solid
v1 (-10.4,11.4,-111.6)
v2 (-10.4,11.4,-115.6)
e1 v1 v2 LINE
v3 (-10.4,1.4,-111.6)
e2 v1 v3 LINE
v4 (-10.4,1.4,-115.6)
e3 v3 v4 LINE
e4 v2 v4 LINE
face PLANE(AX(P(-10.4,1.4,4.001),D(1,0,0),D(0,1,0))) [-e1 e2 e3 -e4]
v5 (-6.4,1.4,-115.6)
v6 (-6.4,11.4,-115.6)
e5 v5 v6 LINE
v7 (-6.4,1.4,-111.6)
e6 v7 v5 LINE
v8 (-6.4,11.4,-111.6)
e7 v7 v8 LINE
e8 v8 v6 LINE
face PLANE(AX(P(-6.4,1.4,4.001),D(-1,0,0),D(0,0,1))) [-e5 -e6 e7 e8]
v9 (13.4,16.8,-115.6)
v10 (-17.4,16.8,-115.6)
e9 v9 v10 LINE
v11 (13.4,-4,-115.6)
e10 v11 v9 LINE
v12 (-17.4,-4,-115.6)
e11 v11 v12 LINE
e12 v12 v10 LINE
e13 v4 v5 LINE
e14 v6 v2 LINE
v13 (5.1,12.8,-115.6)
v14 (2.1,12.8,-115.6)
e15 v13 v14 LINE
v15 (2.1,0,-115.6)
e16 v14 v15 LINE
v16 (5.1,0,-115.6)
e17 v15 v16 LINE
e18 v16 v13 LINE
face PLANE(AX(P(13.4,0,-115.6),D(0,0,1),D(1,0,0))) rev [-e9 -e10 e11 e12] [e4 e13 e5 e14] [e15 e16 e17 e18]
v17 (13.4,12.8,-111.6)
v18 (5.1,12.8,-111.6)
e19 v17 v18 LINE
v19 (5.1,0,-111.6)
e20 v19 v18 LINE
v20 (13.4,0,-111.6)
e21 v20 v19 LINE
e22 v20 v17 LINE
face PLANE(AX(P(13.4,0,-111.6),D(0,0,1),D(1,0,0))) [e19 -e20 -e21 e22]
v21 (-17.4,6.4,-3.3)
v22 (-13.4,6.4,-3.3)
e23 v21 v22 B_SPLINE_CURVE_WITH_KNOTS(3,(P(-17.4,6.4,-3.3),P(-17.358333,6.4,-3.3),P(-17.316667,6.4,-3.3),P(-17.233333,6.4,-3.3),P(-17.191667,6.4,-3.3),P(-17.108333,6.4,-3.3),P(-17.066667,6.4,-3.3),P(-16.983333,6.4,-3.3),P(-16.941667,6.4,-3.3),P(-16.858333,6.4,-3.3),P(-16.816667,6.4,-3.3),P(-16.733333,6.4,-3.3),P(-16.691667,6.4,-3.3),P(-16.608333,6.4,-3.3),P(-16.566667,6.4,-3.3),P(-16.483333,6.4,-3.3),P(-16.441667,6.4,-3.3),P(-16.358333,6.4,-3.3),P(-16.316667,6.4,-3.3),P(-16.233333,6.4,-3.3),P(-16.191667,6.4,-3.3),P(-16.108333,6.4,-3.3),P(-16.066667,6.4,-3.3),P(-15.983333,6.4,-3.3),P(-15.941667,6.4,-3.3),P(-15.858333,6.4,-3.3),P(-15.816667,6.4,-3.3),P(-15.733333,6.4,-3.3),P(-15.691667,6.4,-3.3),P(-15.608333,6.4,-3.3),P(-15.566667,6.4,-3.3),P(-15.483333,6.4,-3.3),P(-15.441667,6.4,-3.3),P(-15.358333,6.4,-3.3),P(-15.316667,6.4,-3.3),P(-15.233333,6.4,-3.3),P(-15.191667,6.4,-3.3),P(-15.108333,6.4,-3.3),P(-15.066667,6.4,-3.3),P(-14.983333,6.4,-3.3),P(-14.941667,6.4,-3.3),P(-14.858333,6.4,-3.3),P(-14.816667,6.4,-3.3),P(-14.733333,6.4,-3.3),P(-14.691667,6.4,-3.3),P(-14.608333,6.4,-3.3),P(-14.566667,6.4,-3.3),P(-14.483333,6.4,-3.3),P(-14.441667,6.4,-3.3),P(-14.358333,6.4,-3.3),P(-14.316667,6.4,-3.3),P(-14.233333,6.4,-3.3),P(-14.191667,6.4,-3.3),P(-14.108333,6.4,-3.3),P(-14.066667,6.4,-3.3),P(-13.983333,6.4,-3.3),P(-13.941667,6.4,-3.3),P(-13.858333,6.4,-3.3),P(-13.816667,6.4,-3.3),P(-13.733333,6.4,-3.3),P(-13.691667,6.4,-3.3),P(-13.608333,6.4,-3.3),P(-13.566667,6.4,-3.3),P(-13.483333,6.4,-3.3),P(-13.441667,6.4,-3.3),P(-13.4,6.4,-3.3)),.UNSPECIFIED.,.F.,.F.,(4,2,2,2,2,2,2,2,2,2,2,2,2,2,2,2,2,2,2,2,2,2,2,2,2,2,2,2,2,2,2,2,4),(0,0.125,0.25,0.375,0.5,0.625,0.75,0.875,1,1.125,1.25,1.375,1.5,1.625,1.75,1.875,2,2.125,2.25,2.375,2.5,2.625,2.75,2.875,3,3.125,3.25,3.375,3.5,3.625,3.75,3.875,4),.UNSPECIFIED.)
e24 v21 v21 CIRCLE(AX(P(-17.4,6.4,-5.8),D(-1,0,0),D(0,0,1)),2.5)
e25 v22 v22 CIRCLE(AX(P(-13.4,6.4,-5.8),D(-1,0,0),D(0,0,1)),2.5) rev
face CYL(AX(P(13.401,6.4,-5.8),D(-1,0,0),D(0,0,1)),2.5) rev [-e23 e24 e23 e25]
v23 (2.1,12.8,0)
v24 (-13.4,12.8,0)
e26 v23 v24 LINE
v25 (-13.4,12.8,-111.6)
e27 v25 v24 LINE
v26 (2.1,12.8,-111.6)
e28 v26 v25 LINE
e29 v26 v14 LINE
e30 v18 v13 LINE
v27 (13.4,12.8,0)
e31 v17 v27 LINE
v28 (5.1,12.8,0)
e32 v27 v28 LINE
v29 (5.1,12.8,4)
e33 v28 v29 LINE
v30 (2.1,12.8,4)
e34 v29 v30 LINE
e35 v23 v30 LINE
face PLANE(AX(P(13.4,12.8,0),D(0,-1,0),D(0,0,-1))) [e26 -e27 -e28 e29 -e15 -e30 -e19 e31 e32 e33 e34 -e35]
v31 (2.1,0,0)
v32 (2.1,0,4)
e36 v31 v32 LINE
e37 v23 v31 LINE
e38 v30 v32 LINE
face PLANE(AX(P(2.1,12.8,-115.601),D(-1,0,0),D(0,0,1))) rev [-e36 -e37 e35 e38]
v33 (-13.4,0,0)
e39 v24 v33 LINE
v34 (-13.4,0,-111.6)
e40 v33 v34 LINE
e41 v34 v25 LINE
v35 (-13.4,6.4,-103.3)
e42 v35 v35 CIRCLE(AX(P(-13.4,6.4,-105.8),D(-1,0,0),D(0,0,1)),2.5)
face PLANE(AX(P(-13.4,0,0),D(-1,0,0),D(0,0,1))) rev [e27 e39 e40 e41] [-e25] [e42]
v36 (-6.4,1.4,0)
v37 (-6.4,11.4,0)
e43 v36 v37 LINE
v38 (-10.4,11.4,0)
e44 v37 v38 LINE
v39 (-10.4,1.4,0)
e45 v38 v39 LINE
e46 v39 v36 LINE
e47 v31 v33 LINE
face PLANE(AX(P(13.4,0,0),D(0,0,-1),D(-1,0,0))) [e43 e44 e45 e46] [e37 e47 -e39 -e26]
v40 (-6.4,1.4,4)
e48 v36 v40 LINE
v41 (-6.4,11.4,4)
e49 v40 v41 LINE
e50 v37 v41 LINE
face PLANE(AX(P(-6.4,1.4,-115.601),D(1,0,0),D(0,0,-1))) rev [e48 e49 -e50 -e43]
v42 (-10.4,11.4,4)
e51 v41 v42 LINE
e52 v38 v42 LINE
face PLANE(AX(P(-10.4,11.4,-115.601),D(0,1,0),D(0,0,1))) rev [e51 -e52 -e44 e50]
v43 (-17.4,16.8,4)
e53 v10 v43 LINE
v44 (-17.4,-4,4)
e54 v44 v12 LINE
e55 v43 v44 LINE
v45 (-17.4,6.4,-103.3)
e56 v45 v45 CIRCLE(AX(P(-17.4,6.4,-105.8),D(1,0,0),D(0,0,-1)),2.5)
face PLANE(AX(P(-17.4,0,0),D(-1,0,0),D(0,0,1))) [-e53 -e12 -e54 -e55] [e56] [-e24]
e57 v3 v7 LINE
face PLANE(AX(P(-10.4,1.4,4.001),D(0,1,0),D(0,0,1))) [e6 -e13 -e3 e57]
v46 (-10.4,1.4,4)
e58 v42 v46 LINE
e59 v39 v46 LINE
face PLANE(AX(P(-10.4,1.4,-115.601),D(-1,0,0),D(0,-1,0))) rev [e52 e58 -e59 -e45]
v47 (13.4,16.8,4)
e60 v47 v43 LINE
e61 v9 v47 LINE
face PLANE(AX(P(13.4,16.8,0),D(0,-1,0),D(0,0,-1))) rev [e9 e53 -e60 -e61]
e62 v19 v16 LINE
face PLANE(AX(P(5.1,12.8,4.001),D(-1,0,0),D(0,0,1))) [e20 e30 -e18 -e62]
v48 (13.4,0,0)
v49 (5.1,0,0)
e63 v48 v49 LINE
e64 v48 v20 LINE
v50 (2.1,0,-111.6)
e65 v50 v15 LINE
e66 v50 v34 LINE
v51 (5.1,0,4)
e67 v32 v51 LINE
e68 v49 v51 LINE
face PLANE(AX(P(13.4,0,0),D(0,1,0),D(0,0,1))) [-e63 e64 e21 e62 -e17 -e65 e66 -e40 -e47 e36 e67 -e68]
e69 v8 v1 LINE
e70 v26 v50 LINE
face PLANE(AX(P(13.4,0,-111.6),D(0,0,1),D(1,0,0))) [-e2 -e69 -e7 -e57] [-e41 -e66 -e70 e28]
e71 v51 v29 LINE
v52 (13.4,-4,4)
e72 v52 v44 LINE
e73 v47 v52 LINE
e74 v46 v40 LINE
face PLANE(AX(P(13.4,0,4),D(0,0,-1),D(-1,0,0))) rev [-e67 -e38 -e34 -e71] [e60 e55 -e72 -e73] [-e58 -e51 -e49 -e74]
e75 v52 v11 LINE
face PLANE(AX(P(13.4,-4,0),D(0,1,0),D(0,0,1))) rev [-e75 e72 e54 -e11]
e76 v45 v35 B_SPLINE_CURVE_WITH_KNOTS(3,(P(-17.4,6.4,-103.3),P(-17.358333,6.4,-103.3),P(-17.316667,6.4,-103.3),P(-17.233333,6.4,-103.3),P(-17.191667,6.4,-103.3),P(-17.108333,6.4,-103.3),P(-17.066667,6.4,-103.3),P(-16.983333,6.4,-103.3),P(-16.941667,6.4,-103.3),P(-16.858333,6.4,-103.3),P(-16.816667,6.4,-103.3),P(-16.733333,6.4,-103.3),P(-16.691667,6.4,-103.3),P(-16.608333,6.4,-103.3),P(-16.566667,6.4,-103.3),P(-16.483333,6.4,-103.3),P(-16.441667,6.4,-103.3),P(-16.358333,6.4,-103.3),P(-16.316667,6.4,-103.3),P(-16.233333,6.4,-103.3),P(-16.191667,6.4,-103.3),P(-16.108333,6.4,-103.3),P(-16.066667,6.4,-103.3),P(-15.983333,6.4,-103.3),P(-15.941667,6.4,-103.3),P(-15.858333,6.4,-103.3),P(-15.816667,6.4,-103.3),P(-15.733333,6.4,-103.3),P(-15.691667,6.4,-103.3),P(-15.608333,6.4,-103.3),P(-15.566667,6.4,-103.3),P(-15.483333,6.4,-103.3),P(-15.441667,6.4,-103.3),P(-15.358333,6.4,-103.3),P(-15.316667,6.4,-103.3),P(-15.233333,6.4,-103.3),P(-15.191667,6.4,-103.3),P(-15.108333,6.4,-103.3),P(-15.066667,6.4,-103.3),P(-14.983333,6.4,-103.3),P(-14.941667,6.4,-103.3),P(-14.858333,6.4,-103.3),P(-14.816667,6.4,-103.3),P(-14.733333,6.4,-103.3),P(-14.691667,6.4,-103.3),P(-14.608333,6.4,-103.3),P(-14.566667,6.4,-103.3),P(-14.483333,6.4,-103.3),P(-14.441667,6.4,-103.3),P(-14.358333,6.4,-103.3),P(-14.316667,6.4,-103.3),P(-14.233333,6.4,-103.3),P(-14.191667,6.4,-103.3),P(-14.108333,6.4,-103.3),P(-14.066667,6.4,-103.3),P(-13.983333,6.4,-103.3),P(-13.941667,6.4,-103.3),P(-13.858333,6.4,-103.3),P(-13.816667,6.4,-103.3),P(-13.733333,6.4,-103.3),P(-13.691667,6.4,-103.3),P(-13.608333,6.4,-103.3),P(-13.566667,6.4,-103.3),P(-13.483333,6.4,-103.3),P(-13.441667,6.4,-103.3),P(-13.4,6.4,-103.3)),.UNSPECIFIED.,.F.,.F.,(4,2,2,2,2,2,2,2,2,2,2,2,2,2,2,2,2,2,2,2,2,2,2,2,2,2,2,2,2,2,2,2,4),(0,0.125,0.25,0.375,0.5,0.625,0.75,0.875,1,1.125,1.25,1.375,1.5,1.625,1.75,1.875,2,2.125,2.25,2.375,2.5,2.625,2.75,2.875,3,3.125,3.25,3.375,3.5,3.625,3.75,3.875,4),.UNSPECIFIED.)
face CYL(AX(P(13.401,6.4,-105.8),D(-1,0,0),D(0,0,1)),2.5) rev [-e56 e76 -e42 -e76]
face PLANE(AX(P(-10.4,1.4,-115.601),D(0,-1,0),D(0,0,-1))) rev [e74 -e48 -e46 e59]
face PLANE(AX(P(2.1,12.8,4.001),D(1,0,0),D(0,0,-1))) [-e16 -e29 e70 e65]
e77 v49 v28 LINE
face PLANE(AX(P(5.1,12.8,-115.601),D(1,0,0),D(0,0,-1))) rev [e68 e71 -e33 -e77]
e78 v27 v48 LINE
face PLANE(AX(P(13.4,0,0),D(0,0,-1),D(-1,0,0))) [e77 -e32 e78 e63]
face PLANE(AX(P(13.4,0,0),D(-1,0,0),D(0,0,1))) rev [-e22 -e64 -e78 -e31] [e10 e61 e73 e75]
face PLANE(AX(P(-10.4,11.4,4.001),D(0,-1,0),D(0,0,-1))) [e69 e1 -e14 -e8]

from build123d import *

# Parameters (mm, degrees)
SKETCH2_W               = 111.6
SKETCH2_H               = 12.8
ARM_DEPTH               = 13.4
SHELL_T                 = 4
PIVOT_PEG_HOLE_REACH    = 122.807
SKETCH3_R               = 2.5
CABLE_PASSTHROUGH_REACH = 124.021
SKETCH4_W               = 3
SKETCH4_H               = 12.8
SKETCH4_W_2             = 4
SKETCH4_H_2             = 10


with BuildPart() as part:
    # Sketch2 → arm (new, symmetric)
    with BuildSketch(Plane(origin=(0, 0, 0), x_dir=(0, 0, -1), z_dir=(1, 0, 0))):
        with Locations((55.8, 6.4)):
            Rectangle(SKETCH2_W, SKETCH2_H)
    extrude(amount=ARM_DEPTH, both=True)

    # shell
    shell_openings = [part.faces().sort_by_distance(p)[0] for p in [
        (13.4, 6.4, -55.8),
    ]]
    offset(amount=SHELL_T, openings=shell_openings, kind=Kind.INTERSECTION)

    # Sketch3 → pivot peg hole (cut, up to next)
    with BuildSketch(Plane.ZY.offset(17.4), mode=Mode.PRIVATE) as pivot_peg_hole_sk1:
        with Locations((-5.8, 6.4)):
            Circle(SKETCH3_R)
    pivot_peg_hole_tool1 = extrude(pivot_peg_hole_sk1.sketch, amount=-PIVOT_PEG_HOLE_REACH, mode=Mode.PRIVATE) & part.part
    pivot_peg_hole = pivot_peg_hole_tool1.solids().sort_by_distance((-17.4, 6.4, -5.8))[0]
    add(pivot_peg_hole, mode=Mode.SUBTRACT)

    # Sketch4 → cable passthrough (cut, up to next)
    with BuildSketch(Plane.XY.offset(4), mode=Mode.PRIVATE) as cable_passthrough_sk1:
        with Locations((3.6, 6.4)):
            Rectangle(SKETCH4_W, SKETCH4_H)
    cable_passthrough_tool1 = extrude(cable_passthrough_sk1.sketch, amount=-CABLE_PASSTHROUGH_REACH, mode=Mode.PRIVATE) & part.part
    # Sketch4 → cable passthrough (cut, up to next)
    with BuildSketch(Plane.XY.offset(4), mode=Mode.PRIVATE) as cable_passthrough_sk2:
        with Locations((-8.4, 6.4)):
            Rectangle(SKETCH4_W_2, SKETCH4_H_2)
    cable_passthrough_tool2 = extrude(cable_passthrough_sk2.sketch, amount=-CABLE_PASSTHROUGH_REACH, mode=Mode.PRIVATE) & part.part
    cable_passthrough_1 = cable_passthrough_tool1.solids().sort_by_distance((3.6, 6.4, 4))[0]
    add(cable_passthrough_1, mode=Mode.SUBTRACT)
    cable_passthrough_2 = cable_passthrough_tool2.solids().sort_by_distance((-8.4, 6.4, 4))[0]
    add(cable_passthrough_2, mode=Mode.SUBTRACT)
    cable_passthrough = cable_passthrough_1 + cable_passthrough_2  # cable passthrough as one shape, for the pattern or mirror that repeats it

    # elbow mount: pivot peg hole, cable passthrough across plane
    add(pivot_peg_hole.mirror(Plane.XY.offset(-55.8)), mode=Mode.SUBTRACT)
    add(cable_passthrough.mirror(Plane.XY.offset(-55.8)), mode=Mode.SUBTRACT)


solid = part.part
